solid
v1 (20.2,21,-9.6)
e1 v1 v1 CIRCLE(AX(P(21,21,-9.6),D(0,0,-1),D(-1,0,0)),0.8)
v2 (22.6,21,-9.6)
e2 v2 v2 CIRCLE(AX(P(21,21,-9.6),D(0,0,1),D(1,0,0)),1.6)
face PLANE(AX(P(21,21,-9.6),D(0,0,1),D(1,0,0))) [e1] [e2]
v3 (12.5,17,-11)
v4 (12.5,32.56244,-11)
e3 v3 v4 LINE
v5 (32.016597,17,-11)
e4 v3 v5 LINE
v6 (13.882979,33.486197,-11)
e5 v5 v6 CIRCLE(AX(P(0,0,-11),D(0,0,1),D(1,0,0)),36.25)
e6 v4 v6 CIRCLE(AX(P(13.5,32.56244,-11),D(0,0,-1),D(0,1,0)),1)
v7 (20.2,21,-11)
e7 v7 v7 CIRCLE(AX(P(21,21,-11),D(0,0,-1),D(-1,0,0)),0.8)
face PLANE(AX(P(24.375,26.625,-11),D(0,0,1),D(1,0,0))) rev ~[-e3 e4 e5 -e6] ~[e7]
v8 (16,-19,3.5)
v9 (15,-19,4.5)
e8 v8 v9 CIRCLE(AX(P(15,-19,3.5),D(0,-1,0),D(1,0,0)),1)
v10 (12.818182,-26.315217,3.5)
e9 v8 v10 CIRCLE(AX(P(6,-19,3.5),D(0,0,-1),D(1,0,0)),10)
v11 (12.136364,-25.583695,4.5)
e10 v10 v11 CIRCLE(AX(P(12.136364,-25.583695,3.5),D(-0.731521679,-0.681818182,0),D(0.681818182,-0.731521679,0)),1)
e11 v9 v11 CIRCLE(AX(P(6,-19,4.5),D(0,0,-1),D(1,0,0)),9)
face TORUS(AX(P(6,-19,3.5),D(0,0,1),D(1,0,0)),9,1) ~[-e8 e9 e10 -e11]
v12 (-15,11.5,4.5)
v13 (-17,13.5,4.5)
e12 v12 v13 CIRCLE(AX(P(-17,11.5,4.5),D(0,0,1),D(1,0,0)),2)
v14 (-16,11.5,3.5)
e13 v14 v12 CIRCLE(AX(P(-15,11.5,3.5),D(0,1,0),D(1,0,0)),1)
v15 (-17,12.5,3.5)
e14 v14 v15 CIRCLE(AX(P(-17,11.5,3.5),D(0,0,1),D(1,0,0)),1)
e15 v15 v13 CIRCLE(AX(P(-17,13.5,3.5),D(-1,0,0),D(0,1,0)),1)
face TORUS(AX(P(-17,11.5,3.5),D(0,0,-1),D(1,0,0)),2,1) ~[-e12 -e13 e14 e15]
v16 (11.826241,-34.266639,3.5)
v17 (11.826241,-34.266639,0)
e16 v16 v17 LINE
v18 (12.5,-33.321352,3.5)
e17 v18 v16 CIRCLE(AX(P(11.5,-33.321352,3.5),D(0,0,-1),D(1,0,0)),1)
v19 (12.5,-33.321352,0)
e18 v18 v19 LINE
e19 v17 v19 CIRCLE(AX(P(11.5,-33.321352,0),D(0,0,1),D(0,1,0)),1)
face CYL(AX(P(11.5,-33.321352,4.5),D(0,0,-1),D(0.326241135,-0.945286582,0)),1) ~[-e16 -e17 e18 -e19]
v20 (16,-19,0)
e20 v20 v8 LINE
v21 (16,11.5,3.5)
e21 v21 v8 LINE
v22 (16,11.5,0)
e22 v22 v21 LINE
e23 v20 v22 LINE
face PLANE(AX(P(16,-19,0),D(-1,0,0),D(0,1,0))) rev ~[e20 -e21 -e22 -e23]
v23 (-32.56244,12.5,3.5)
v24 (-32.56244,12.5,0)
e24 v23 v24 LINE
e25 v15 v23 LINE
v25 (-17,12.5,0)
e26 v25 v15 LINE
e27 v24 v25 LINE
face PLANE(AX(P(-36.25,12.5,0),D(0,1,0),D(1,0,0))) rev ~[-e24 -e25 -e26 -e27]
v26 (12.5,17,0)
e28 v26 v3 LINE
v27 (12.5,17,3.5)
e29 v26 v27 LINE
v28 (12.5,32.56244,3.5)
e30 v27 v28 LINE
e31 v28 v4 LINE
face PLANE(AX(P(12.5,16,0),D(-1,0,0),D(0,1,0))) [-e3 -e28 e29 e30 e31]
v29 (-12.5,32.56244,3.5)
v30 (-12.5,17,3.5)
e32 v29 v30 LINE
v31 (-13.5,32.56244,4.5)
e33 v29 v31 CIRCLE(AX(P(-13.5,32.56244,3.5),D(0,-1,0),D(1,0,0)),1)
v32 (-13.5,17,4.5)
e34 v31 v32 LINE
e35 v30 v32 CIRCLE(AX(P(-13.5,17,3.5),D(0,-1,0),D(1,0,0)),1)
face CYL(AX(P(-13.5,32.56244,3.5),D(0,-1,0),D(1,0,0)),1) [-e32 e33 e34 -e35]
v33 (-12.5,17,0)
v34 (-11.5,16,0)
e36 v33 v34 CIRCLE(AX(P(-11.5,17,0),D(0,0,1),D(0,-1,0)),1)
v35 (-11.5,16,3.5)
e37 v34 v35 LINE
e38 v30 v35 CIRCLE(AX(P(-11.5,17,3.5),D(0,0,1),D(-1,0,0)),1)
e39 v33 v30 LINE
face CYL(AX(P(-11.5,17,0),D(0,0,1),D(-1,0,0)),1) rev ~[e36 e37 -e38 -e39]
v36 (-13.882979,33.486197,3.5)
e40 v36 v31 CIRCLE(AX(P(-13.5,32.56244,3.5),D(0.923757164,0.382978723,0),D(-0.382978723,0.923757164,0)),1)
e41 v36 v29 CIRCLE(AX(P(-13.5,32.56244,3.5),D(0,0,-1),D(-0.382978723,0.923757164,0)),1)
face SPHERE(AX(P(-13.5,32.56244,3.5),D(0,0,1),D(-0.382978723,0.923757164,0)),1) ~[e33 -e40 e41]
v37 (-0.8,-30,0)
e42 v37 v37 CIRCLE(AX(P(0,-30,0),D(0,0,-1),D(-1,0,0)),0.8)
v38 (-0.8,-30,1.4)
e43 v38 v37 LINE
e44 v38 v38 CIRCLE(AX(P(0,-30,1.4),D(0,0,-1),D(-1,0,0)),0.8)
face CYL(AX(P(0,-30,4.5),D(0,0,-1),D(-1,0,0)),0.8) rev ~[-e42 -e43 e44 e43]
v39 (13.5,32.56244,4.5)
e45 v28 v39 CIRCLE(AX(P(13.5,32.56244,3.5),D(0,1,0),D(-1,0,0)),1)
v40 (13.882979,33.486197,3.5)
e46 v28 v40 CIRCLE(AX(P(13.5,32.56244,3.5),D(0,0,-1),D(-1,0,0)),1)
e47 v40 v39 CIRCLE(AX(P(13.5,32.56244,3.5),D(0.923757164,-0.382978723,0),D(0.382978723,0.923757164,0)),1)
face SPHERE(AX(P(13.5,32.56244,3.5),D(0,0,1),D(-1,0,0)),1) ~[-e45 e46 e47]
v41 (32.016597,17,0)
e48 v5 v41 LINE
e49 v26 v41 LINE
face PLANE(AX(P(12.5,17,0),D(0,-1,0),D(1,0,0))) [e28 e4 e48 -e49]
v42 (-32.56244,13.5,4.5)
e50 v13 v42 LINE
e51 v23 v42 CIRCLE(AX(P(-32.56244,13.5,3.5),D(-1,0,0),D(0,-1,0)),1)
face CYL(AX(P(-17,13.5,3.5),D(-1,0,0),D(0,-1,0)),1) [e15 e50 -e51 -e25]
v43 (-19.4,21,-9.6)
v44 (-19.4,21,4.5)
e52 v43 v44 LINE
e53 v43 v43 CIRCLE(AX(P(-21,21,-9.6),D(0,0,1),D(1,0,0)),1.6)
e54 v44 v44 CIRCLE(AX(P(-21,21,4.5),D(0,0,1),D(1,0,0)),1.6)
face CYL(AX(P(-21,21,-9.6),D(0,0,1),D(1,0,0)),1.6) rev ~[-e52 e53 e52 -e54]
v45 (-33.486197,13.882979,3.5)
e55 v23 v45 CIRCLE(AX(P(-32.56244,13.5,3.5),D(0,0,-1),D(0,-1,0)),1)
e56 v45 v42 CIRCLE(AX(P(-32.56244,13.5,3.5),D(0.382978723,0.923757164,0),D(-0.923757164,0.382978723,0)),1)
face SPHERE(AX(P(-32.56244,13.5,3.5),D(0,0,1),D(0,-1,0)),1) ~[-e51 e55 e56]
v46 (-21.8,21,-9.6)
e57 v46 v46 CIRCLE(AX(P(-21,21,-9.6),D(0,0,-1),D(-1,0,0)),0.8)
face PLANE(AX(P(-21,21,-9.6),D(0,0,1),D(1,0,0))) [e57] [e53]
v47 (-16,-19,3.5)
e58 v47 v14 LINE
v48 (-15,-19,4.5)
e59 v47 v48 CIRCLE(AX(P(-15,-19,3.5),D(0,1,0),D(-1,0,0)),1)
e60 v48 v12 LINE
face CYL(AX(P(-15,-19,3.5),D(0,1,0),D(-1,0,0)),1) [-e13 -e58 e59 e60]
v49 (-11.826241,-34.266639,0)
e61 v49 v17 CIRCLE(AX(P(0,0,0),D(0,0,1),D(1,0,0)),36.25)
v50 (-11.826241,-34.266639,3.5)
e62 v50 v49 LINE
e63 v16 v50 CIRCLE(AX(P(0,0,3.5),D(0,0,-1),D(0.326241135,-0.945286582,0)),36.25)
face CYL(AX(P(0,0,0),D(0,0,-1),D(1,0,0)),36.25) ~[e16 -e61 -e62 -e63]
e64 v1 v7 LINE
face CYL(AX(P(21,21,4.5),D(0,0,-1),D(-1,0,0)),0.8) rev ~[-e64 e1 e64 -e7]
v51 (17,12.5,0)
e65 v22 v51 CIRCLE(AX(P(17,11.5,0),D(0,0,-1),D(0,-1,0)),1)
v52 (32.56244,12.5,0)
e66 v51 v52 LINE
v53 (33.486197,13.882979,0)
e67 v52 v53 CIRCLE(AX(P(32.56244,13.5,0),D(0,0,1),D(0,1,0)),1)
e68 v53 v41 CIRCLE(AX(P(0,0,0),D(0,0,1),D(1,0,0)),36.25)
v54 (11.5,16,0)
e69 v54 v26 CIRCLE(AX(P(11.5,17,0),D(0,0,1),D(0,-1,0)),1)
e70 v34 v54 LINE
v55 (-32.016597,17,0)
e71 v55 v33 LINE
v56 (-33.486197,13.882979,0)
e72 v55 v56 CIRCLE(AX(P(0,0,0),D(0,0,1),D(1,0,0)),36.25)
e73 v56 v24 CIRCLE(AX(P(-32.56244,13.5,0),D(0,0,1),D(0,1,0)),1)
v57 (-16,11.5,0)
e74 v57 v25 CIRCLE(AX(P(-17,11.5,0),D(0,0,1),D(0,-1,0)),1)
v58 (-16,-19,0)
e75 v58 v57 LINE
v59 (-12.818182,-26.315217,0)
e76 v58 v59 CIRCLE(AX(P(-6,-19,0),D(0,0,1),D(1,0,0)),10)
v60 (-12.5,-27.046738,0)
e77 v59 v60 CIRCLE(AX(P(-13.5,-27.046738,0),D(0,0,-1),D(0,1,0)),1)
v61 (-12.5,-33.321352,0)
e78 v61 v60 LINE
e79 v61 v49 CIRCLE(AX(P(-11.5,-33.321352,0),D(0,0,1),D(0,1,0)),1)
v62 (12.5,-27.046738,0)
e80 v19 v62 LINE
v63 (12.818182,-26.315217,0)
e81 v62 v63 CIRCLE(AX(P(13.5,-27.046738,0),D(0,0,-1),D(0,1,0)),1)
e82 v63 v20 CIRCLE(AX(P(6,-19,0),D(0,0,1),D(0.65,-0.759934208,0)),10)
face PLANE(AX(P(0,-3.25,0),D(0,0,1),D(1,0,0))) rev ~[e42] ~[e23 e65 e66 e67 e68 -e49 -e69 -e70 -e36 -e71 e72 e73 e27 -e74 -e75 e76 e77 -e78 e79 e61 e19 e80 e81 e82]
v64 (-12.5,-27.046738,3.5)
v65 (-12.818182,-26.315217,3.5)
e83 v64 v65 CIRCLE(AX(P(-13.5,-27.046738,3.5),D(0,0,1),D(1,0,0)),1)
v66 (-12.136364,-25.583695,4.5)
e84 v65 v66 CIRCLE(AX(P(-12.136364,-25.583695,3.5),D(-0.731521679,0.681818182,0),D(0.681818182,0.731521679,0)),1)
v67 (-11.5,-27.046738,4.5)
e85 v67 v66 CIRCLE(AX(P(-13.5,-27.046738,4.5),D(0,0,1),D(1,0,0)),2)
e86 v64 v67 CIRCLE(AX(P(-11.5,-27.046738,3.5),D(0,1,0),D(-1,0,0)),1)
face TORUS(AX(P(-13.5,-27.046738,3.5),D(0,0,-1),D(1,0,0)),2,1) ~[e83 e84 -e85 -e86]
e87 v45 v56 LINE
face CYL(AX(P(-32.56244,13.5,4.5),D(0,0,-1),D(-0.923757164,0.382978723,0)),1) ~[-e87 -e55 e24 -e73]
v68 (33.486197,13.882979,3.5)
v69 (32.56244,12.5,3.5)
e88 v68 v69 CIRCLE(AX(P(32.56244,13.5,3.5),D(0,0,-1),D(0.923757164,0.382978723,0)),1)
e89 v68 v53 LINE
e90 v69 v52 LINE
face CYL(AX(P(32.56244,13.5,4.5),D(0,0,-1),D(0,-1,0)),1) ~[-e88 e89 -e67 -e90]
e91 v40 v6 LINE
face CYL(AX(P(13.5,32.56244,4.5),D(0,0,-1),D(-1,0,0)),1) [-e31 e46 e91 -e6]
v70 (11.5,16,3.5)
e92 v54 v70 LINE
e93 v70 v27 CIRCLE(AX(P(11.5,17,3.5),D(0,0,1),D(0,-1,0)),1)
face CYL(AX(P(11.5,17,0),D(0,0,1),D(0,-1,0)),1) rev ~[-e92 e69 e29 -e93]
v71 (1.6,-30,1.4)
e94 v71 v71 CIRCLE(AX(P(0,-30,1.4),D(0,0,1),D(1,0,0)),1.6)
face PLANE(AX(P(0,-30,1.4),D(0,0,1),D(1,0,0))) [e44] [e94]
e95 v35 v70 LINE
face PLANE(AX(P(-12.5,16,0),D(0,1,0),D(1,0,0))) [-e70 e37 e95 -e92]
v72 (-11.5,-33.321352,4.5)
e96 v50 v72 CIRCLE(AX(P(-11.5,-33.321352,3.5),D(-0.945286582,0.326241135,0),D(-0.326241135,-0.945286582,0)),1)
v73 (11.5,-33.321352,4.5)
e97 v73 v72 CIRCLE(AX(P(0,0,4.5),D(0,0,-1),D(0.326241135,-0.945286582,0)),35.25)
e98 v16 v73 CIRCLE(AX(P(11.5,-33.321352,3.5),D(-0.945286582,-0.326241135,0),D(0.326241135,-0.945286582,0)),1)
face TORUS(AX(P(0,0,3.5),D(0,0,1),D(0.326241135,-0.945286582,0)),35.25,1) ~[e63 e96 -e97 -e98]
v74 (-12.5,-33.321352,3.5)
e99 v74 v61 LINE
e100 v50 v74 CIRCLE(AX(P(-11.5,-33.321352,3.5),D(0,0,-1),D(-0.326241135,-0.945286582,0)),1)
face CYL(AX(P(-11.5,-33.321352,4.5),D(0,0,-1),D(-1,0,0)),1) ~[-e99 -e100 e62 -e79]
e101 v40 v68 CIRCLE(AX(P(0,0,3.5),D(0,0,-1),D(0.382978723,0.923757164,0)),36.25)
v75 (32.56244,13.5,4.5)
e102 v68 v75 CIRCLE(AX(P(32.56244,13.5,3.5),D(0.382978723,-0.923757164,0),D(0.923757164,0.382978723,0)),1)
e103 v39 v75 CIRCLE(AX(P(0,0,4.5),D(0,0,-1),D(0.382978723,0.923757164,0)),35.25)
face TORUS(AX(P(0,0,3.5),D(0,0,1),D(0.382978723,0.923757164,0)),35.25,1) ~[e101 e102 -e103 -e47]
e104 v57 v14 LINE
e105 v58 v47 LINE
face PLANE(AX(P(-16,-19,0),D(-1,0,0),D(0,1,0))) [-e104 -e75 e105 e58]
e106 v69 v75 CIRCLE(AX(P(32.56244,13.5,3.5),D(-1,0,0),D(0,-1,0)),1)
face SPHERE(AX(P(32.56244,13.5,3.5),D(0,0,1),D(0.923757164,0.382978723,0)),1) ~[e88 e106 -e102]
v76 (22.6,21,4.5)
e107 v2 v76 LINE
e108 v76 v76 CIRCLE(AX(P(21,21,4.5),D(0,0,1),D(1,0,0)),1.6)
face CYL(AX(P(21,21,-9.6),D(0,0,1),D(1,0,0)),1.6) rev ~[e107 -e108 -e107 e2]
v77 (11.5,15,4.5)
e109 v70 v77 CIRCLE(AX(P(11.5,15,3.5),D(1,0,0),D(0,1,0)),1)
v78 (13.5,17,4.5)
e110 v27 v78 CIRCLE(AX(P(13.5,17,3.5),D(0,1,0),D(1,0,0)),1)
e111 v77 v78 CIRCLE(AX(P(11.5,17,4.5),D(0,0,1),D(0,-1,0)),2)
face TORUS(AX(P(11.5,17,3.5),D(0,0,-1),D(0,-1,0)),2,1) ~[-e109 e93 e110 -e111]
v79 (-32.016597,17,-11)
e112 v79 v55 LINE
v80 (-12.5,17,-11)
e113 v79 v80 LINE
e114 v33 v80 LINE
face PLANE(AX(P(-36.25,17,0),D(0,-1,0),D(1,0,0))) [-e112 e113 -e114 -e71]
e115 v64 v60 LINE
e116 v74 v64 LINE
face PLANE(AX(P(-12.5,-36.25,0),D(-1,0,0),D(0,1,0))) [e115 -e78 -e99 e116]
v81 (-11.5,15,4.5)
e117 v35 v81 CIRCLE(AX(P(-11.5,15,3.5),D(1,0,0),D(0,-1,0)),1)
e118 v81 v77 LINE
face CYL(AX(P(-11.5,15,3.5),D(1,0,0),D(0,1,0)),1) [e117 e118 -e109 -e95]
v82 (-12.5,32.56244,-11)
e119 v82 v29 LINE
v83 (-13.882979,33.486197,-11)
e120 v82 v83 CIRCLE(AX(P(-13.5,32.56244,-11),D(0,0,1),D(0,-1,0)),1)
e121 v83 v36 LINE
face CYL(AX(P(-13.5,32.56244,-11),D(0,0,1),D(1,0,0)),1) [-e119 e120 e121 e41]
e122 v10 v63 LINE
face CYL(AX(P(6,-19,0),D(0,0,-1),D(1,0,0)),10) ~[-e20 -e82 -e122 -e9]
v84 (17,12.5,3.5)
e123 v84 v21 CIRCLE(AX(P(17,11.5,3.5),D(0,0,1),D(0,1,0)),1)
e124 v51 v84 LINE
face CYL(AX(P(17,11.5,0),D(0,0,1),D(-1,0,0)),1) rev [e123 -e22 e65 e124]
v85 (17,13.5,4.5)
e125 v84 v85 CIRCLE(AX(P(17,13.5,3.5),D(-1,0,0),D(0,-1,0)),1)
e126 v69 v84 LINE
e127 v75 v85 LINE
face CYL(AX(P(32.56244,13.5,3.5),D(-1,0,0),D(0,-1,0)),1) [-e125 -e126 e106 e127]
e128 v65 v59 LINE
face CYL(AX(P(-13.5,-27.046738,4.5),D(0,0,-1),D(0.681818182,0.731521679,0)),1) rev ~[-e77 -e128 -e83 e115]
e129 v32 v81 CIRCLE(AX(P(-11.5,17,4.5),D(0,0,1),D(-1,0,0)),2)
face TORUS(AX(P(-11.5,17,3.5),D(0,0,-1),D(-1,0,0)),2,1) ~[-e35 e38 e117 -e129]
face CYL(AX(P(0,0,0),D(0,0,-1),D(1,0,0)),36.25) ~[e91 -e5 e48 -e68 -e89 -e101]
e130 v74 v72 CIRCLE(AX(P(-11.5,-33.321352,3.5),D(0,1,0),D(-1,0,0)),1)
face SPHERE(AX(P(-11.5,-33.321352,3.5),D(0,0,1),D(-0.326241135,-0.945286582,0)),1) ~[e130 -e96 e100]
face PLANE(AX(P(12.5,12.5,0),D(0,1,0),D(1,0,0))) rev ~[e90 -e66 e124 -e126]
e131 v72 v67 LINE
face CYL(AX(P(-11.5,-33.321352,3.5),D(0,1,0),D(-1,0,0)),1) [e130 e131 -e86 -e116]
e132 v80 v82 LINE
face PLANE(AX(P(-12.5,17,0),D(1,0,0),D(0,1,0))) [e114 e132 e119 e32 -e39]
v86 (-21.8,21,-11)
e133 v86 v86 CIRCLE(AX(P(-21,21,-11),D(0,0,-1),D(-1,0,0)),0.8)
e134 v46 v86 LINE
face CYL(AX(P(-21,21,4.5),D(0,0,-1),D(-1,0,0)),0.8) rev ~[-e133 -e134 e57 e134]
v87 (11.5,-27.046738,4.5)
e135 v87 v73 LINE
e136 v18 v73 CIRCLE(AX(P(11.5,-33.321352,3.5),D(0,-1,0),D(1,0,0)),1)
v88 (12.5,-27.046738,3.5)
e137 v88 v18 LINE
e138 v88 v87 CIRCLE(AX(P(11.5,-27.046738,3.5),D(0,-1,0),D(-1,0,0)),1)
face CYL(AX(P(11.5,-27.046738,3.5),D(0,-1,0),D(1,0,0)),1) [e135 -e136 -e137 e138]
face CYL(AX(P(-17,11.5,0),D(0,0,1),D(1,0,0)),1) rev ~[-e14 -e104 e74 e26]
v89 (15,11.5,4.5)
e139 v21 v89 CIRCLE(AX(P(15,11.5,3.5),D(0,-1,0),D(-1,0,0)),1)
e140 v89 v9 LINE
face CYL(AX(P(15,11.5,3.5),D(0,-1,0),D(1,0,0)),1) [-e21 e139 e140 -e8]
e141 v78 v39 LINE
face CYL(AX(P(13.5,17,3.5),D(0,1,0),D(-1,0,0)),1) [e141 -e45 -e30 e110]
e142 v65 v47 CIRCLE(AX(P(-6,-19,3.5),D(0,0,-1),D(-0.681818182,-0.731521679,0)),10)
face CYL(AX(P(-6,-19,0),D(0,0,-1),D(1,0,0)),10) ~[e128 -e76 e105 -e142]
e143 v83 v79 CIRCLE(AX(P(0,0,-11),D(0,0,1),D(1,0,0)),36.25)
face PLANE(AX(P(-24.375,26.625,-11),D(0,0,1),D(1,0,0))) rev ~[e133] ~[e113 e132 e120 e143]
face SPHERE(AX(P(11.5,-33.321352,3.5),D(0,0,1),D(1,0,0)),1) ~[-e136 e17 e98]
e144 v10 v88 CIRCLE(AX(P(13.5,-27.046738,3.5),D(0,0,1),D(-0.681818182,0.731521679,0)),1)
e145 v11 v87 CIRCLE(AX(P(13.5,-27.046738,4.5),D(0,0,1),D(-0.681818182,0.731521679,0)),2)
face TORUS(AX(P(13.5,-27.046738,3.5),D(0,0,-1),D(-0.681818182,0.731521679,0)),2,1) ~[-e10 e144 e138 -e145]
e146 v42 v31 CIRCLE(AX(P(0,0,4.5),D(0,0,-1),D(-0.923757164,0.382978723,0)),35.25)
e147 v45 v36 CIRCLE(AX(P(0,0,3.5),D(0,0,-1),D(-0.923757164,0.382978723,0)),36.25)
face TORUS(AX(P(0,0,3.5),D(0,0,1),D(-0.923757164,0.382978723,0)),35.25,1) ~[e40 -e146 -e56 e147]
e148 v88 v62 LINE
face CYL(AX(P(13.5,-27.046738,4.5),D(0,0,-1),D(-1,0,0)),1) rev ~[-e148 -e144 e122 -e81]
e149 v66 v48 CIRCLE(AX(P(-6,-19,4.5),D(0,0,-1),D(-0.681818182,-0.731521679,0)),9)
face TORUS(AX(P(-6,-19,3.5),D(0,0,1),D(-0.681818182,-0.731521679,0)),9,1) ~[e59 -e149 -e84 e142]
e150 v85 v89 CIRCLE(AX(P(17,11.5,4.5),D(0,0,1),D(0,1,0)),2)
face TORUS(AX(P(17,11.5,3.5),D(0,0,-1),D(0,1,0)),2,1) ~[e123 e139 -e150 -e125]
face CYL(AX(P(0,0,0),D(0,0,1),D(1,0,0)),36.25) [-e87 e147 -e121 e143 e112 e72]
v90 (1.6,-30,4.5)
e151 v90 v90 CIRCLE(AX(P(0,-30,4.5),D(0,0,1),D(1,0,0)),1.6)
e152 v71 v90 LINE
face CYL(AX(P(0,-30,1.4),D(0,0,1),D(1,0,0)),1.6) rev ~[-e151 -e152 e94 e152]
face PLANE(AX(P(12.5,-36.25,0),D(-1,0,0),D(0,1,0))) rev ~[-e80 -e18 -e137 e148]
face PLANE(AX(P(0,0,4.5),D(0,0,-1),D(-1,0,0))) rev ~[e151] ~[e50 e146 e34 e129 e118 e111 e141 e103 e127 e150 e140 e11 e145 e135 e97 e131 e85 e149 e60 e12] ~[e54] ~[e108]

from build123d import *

# Parameters (mm, degrees)
SKETCH_1_R                = 36.25
EXTRUDE_1_DEPTH           = 10
SKETCH_2_W                = 25
SKETCH_2_H                = 20.25
CUT_EXTRUDE_1_DEPTH       = 4.5
SKETCH_3_W                = 23.75
SKETCH_3_H                = 48.75
CUT_EXTRUDE_2_DEPTH       = 4.5
SKETCH_4_R                = 10
EXTRUDE_2_DEPTH           = 4.5
SKETCH_5_R                = 10
EXTRUDE_3_DEPTH           = 4.5
SKETCH_6_W                = 32
SKETCH_6_H                = 31.5
EXTRUDE_4_DEPTH           = 4.5
SKETCH_7_R                = 36.25
CUT_EXTRUDE_3_DEPTH       = 5.5
SKETCH_8_W                = 23.75
SKETCH_8_H                = 19.25
EXTRUDE_5_DEPTH           = 11
SKETCH_9_OUTSIDE_W        = 95.24
SKETCH_9_OUTSIDE_H        = 95.24
SKETCH_9_OUTSIDE_R        = 36.25
CUT_EXTRUDE_4_DEPTH       = 11
HOLE_WIZARD_1_D           = 1.6
HOLE_WIZARD_1_DEPTH       = 100
HOLE_WIZARD_1_CBORE_D     = 3.2
HOLE_WIZARD_1_CBORE_DEPTH = 14.1
HOLE_WIZARD_2_D           = 1.6
HOLE_WIZARD_2_DEPTH       = 100
HOLE_WIZARD_2_CBORE_D     = 3.2
HOLE_WIZARD_2_CBORE_DEPTH = 3.1
FILLET_1_R                = 1
FILLET_2_R                = 1


with BuildPart() as part:
    # 草图1 → 凸台-拉伸1 (new body)
    with BuildSketch(Plane.XY):
        Circle(SKETCH_1_R)
    extrude(amount=EXTRUDE_1_DEPTH)

    # 草图2 → 切除-拉伸1 (cut)
    with BuildSketch(Plane.XY):
        with Locations((0, 26.125)):
            Rectangle(SKETCH_2_W, SKETCH_2_H)
    extrude(amount=CUT_EXTRUDE_1_DEPTH, mode=Mode.SUBTRACT)

    # 草图3 → 切除-拉伸2 (cut)
    with BuildSketch(Plane.XY):
        with Locations((-24.375, -11.875)):
            Rectangle(SKETCH_3_W, SKETCH_3_H)
        with Locations((24.375, -11.875)):
            Rectangle(SKETCH_3_W, SKETCH_3_H)
    extrude(amount=CUT_EXTRUDE_2_DEPTH, mode=Mode.SUBTRACT)

    # 草图4 → 凸台-拉伸2 (add)
    with BuildSketch(Plane.XY):
        with Locations((-6, -19)):
            Circle(SKETCH_4_R)
    extrude(amount=EXTRUDE_2_DEPTH)

    # 草图5 → 凸台-拉伸3 (add)
    with BuildSketch(Plane.XY):
        with Locations((6, -19)):
            Circle(SKETCH_5_R)
    extrude(amount=EXTRUDE_3_DEPTH)

    # 草图6 → 凸台-拉伸4 (add)
    with BuildSketch(Plane.XY):
        with Locations((0, -3.25)):
            Rectangle(SKETCH_6_W, SKETCH_6_H)
    extrude(amount=EXTRUDE_4_DEPTH)

    # 草图7 → 切除-拉伸3 (cut)
    with BuildSketch(Plane(origin=(0, 0, 4.5), x_dir=(-1, 0, 0), z_dir=(0, 0, -1))):
        Circle(SKETCH_7_R)
    extrude(amount=-CUT_EXTRUDE_3_DEPTH, mode=Mode.SUBTRACT)

    # 草图8 → 凸台-拉伸5 (add)
    with BuildSketch(Plane.XY):
        with Locations((-24.375, 26.625)):
            Rectangle(SKETCH_8_W, SKETCH_8_H)
        with Locations((24.375, 26.625)):
            Rectangle(SKETCH_8_W, SKETCH_8_H)
    extrude(amount=-EXTRUDE_5_DEPTH)

    # 草图9 outside → 切除-拉伸4 (cut)
    with BuildSketch(Plane.XY):
        Rectangle(SKETCH_9_OUTSIDE_W, SKETCH_9_OUTSIDE_H)
        Circle(SKETCH_9_OUTSIDE_R, mode=Mode.SUBTRACT)
    extrude(amount=-CUT_EXTRUDE_4_DEPTH, mode=Mode.SUBTRACT)

    # 孔1
    with Locations(Plane.XY.offset(4.5)):
        with Locations((-21, 21), (21, 21)):
            CounterBoreHole(HOLE_WIZARD_1_D / 2, HOLE_WIZARD_1_CBORE_D / 2, HOLE_WIZARD_1_CBORE_DEPTH, depth=HOLE_WIZARD_1_DEPTH)

    # 孔2
    with Locations(Plane.XY.offset(4.5)):
        with Locations((0, -30)):
            CounterBoreHole(HOLE_WIZARD_2_D / 2, HOLE_WIZARD_2_CBORE_D / 2, HOLE_WIZARD_2_CBORE_DEPTH, depth=HOLE_WIZARD_2_DEPTH)

    # 圆角1
    fillet_1_edges = [part.edges().sort_by_distance(p)[0] for p in [
        (-16, 12.5, 2.25),
        (16, 12.5, 2.25),
        (12.5, 16, 2.25),
        (-12.5, 34.026643972, -3.25),
        (-12.5, 16, 2.25),
        (12.5, 34.026643972, -3.25),
        (-12.5, -34.026643972, 2.25),
        (-34.026643972, 12.5, 2.25),
        (12.5, -34.026643972, 2.25),
        (34.026643972, 12.5, 2.25),
        (-12.5, -26.599342077, 2.25),
        (12.5, -26.599342077, 2.25),
    ]]
    fillet(fillet_1_edges, radius=FILLET_1_R)

    # 圆角2
    fillet_2_edges = [part.edges().sort_by_distance(p)[0] for p in [
        (-16.292893219, 12.207106781, 4.5),
        (-24.78122001, 12.5, 4.5),
        (-33.393998413, 12.94456266, 4.5),
        (0, -36.25, 4.5),
        (-12.94456266, 33.393998413, 4.5),
        (-12.5, 24.78122001, 4.5),
        (-12.207106781, 16.292893219, 4.5),
        (0, 16, 4.5),
        (12.207106781, 16.292893219, 4.5),
        (12.5, 24.78122001, 4.5),
        (12.94456266, 33.393998413, 4.5),
        (33.393998413, 12.94456266, 4.5),
        (24.78122001, 12.5, 4.5),
        (16.292893219, 12.207106781, 4.5),
        (16, -3.75, 4.5),
        (15.170109546, -22.988620176, 4.5),
        (12.582989045, -26.647876452, 4.5),
        (12.5, -30.184045242, 4.5),
        (12.314322152, -33.90176517, 4.5),
        (-12.314322152, -33.90176517, 4.5),
        (-12.5, -30.184045242, 4.5),
        (-12.582989045, -26.647876452, 4.5),
        (-15.170109546, -22.988620176, 4.5),
        (-16, -3.75, 4.5),
    ]]
    fillet(fillet_2_edges, radius=FILLET_2_R)


solid = part.part
